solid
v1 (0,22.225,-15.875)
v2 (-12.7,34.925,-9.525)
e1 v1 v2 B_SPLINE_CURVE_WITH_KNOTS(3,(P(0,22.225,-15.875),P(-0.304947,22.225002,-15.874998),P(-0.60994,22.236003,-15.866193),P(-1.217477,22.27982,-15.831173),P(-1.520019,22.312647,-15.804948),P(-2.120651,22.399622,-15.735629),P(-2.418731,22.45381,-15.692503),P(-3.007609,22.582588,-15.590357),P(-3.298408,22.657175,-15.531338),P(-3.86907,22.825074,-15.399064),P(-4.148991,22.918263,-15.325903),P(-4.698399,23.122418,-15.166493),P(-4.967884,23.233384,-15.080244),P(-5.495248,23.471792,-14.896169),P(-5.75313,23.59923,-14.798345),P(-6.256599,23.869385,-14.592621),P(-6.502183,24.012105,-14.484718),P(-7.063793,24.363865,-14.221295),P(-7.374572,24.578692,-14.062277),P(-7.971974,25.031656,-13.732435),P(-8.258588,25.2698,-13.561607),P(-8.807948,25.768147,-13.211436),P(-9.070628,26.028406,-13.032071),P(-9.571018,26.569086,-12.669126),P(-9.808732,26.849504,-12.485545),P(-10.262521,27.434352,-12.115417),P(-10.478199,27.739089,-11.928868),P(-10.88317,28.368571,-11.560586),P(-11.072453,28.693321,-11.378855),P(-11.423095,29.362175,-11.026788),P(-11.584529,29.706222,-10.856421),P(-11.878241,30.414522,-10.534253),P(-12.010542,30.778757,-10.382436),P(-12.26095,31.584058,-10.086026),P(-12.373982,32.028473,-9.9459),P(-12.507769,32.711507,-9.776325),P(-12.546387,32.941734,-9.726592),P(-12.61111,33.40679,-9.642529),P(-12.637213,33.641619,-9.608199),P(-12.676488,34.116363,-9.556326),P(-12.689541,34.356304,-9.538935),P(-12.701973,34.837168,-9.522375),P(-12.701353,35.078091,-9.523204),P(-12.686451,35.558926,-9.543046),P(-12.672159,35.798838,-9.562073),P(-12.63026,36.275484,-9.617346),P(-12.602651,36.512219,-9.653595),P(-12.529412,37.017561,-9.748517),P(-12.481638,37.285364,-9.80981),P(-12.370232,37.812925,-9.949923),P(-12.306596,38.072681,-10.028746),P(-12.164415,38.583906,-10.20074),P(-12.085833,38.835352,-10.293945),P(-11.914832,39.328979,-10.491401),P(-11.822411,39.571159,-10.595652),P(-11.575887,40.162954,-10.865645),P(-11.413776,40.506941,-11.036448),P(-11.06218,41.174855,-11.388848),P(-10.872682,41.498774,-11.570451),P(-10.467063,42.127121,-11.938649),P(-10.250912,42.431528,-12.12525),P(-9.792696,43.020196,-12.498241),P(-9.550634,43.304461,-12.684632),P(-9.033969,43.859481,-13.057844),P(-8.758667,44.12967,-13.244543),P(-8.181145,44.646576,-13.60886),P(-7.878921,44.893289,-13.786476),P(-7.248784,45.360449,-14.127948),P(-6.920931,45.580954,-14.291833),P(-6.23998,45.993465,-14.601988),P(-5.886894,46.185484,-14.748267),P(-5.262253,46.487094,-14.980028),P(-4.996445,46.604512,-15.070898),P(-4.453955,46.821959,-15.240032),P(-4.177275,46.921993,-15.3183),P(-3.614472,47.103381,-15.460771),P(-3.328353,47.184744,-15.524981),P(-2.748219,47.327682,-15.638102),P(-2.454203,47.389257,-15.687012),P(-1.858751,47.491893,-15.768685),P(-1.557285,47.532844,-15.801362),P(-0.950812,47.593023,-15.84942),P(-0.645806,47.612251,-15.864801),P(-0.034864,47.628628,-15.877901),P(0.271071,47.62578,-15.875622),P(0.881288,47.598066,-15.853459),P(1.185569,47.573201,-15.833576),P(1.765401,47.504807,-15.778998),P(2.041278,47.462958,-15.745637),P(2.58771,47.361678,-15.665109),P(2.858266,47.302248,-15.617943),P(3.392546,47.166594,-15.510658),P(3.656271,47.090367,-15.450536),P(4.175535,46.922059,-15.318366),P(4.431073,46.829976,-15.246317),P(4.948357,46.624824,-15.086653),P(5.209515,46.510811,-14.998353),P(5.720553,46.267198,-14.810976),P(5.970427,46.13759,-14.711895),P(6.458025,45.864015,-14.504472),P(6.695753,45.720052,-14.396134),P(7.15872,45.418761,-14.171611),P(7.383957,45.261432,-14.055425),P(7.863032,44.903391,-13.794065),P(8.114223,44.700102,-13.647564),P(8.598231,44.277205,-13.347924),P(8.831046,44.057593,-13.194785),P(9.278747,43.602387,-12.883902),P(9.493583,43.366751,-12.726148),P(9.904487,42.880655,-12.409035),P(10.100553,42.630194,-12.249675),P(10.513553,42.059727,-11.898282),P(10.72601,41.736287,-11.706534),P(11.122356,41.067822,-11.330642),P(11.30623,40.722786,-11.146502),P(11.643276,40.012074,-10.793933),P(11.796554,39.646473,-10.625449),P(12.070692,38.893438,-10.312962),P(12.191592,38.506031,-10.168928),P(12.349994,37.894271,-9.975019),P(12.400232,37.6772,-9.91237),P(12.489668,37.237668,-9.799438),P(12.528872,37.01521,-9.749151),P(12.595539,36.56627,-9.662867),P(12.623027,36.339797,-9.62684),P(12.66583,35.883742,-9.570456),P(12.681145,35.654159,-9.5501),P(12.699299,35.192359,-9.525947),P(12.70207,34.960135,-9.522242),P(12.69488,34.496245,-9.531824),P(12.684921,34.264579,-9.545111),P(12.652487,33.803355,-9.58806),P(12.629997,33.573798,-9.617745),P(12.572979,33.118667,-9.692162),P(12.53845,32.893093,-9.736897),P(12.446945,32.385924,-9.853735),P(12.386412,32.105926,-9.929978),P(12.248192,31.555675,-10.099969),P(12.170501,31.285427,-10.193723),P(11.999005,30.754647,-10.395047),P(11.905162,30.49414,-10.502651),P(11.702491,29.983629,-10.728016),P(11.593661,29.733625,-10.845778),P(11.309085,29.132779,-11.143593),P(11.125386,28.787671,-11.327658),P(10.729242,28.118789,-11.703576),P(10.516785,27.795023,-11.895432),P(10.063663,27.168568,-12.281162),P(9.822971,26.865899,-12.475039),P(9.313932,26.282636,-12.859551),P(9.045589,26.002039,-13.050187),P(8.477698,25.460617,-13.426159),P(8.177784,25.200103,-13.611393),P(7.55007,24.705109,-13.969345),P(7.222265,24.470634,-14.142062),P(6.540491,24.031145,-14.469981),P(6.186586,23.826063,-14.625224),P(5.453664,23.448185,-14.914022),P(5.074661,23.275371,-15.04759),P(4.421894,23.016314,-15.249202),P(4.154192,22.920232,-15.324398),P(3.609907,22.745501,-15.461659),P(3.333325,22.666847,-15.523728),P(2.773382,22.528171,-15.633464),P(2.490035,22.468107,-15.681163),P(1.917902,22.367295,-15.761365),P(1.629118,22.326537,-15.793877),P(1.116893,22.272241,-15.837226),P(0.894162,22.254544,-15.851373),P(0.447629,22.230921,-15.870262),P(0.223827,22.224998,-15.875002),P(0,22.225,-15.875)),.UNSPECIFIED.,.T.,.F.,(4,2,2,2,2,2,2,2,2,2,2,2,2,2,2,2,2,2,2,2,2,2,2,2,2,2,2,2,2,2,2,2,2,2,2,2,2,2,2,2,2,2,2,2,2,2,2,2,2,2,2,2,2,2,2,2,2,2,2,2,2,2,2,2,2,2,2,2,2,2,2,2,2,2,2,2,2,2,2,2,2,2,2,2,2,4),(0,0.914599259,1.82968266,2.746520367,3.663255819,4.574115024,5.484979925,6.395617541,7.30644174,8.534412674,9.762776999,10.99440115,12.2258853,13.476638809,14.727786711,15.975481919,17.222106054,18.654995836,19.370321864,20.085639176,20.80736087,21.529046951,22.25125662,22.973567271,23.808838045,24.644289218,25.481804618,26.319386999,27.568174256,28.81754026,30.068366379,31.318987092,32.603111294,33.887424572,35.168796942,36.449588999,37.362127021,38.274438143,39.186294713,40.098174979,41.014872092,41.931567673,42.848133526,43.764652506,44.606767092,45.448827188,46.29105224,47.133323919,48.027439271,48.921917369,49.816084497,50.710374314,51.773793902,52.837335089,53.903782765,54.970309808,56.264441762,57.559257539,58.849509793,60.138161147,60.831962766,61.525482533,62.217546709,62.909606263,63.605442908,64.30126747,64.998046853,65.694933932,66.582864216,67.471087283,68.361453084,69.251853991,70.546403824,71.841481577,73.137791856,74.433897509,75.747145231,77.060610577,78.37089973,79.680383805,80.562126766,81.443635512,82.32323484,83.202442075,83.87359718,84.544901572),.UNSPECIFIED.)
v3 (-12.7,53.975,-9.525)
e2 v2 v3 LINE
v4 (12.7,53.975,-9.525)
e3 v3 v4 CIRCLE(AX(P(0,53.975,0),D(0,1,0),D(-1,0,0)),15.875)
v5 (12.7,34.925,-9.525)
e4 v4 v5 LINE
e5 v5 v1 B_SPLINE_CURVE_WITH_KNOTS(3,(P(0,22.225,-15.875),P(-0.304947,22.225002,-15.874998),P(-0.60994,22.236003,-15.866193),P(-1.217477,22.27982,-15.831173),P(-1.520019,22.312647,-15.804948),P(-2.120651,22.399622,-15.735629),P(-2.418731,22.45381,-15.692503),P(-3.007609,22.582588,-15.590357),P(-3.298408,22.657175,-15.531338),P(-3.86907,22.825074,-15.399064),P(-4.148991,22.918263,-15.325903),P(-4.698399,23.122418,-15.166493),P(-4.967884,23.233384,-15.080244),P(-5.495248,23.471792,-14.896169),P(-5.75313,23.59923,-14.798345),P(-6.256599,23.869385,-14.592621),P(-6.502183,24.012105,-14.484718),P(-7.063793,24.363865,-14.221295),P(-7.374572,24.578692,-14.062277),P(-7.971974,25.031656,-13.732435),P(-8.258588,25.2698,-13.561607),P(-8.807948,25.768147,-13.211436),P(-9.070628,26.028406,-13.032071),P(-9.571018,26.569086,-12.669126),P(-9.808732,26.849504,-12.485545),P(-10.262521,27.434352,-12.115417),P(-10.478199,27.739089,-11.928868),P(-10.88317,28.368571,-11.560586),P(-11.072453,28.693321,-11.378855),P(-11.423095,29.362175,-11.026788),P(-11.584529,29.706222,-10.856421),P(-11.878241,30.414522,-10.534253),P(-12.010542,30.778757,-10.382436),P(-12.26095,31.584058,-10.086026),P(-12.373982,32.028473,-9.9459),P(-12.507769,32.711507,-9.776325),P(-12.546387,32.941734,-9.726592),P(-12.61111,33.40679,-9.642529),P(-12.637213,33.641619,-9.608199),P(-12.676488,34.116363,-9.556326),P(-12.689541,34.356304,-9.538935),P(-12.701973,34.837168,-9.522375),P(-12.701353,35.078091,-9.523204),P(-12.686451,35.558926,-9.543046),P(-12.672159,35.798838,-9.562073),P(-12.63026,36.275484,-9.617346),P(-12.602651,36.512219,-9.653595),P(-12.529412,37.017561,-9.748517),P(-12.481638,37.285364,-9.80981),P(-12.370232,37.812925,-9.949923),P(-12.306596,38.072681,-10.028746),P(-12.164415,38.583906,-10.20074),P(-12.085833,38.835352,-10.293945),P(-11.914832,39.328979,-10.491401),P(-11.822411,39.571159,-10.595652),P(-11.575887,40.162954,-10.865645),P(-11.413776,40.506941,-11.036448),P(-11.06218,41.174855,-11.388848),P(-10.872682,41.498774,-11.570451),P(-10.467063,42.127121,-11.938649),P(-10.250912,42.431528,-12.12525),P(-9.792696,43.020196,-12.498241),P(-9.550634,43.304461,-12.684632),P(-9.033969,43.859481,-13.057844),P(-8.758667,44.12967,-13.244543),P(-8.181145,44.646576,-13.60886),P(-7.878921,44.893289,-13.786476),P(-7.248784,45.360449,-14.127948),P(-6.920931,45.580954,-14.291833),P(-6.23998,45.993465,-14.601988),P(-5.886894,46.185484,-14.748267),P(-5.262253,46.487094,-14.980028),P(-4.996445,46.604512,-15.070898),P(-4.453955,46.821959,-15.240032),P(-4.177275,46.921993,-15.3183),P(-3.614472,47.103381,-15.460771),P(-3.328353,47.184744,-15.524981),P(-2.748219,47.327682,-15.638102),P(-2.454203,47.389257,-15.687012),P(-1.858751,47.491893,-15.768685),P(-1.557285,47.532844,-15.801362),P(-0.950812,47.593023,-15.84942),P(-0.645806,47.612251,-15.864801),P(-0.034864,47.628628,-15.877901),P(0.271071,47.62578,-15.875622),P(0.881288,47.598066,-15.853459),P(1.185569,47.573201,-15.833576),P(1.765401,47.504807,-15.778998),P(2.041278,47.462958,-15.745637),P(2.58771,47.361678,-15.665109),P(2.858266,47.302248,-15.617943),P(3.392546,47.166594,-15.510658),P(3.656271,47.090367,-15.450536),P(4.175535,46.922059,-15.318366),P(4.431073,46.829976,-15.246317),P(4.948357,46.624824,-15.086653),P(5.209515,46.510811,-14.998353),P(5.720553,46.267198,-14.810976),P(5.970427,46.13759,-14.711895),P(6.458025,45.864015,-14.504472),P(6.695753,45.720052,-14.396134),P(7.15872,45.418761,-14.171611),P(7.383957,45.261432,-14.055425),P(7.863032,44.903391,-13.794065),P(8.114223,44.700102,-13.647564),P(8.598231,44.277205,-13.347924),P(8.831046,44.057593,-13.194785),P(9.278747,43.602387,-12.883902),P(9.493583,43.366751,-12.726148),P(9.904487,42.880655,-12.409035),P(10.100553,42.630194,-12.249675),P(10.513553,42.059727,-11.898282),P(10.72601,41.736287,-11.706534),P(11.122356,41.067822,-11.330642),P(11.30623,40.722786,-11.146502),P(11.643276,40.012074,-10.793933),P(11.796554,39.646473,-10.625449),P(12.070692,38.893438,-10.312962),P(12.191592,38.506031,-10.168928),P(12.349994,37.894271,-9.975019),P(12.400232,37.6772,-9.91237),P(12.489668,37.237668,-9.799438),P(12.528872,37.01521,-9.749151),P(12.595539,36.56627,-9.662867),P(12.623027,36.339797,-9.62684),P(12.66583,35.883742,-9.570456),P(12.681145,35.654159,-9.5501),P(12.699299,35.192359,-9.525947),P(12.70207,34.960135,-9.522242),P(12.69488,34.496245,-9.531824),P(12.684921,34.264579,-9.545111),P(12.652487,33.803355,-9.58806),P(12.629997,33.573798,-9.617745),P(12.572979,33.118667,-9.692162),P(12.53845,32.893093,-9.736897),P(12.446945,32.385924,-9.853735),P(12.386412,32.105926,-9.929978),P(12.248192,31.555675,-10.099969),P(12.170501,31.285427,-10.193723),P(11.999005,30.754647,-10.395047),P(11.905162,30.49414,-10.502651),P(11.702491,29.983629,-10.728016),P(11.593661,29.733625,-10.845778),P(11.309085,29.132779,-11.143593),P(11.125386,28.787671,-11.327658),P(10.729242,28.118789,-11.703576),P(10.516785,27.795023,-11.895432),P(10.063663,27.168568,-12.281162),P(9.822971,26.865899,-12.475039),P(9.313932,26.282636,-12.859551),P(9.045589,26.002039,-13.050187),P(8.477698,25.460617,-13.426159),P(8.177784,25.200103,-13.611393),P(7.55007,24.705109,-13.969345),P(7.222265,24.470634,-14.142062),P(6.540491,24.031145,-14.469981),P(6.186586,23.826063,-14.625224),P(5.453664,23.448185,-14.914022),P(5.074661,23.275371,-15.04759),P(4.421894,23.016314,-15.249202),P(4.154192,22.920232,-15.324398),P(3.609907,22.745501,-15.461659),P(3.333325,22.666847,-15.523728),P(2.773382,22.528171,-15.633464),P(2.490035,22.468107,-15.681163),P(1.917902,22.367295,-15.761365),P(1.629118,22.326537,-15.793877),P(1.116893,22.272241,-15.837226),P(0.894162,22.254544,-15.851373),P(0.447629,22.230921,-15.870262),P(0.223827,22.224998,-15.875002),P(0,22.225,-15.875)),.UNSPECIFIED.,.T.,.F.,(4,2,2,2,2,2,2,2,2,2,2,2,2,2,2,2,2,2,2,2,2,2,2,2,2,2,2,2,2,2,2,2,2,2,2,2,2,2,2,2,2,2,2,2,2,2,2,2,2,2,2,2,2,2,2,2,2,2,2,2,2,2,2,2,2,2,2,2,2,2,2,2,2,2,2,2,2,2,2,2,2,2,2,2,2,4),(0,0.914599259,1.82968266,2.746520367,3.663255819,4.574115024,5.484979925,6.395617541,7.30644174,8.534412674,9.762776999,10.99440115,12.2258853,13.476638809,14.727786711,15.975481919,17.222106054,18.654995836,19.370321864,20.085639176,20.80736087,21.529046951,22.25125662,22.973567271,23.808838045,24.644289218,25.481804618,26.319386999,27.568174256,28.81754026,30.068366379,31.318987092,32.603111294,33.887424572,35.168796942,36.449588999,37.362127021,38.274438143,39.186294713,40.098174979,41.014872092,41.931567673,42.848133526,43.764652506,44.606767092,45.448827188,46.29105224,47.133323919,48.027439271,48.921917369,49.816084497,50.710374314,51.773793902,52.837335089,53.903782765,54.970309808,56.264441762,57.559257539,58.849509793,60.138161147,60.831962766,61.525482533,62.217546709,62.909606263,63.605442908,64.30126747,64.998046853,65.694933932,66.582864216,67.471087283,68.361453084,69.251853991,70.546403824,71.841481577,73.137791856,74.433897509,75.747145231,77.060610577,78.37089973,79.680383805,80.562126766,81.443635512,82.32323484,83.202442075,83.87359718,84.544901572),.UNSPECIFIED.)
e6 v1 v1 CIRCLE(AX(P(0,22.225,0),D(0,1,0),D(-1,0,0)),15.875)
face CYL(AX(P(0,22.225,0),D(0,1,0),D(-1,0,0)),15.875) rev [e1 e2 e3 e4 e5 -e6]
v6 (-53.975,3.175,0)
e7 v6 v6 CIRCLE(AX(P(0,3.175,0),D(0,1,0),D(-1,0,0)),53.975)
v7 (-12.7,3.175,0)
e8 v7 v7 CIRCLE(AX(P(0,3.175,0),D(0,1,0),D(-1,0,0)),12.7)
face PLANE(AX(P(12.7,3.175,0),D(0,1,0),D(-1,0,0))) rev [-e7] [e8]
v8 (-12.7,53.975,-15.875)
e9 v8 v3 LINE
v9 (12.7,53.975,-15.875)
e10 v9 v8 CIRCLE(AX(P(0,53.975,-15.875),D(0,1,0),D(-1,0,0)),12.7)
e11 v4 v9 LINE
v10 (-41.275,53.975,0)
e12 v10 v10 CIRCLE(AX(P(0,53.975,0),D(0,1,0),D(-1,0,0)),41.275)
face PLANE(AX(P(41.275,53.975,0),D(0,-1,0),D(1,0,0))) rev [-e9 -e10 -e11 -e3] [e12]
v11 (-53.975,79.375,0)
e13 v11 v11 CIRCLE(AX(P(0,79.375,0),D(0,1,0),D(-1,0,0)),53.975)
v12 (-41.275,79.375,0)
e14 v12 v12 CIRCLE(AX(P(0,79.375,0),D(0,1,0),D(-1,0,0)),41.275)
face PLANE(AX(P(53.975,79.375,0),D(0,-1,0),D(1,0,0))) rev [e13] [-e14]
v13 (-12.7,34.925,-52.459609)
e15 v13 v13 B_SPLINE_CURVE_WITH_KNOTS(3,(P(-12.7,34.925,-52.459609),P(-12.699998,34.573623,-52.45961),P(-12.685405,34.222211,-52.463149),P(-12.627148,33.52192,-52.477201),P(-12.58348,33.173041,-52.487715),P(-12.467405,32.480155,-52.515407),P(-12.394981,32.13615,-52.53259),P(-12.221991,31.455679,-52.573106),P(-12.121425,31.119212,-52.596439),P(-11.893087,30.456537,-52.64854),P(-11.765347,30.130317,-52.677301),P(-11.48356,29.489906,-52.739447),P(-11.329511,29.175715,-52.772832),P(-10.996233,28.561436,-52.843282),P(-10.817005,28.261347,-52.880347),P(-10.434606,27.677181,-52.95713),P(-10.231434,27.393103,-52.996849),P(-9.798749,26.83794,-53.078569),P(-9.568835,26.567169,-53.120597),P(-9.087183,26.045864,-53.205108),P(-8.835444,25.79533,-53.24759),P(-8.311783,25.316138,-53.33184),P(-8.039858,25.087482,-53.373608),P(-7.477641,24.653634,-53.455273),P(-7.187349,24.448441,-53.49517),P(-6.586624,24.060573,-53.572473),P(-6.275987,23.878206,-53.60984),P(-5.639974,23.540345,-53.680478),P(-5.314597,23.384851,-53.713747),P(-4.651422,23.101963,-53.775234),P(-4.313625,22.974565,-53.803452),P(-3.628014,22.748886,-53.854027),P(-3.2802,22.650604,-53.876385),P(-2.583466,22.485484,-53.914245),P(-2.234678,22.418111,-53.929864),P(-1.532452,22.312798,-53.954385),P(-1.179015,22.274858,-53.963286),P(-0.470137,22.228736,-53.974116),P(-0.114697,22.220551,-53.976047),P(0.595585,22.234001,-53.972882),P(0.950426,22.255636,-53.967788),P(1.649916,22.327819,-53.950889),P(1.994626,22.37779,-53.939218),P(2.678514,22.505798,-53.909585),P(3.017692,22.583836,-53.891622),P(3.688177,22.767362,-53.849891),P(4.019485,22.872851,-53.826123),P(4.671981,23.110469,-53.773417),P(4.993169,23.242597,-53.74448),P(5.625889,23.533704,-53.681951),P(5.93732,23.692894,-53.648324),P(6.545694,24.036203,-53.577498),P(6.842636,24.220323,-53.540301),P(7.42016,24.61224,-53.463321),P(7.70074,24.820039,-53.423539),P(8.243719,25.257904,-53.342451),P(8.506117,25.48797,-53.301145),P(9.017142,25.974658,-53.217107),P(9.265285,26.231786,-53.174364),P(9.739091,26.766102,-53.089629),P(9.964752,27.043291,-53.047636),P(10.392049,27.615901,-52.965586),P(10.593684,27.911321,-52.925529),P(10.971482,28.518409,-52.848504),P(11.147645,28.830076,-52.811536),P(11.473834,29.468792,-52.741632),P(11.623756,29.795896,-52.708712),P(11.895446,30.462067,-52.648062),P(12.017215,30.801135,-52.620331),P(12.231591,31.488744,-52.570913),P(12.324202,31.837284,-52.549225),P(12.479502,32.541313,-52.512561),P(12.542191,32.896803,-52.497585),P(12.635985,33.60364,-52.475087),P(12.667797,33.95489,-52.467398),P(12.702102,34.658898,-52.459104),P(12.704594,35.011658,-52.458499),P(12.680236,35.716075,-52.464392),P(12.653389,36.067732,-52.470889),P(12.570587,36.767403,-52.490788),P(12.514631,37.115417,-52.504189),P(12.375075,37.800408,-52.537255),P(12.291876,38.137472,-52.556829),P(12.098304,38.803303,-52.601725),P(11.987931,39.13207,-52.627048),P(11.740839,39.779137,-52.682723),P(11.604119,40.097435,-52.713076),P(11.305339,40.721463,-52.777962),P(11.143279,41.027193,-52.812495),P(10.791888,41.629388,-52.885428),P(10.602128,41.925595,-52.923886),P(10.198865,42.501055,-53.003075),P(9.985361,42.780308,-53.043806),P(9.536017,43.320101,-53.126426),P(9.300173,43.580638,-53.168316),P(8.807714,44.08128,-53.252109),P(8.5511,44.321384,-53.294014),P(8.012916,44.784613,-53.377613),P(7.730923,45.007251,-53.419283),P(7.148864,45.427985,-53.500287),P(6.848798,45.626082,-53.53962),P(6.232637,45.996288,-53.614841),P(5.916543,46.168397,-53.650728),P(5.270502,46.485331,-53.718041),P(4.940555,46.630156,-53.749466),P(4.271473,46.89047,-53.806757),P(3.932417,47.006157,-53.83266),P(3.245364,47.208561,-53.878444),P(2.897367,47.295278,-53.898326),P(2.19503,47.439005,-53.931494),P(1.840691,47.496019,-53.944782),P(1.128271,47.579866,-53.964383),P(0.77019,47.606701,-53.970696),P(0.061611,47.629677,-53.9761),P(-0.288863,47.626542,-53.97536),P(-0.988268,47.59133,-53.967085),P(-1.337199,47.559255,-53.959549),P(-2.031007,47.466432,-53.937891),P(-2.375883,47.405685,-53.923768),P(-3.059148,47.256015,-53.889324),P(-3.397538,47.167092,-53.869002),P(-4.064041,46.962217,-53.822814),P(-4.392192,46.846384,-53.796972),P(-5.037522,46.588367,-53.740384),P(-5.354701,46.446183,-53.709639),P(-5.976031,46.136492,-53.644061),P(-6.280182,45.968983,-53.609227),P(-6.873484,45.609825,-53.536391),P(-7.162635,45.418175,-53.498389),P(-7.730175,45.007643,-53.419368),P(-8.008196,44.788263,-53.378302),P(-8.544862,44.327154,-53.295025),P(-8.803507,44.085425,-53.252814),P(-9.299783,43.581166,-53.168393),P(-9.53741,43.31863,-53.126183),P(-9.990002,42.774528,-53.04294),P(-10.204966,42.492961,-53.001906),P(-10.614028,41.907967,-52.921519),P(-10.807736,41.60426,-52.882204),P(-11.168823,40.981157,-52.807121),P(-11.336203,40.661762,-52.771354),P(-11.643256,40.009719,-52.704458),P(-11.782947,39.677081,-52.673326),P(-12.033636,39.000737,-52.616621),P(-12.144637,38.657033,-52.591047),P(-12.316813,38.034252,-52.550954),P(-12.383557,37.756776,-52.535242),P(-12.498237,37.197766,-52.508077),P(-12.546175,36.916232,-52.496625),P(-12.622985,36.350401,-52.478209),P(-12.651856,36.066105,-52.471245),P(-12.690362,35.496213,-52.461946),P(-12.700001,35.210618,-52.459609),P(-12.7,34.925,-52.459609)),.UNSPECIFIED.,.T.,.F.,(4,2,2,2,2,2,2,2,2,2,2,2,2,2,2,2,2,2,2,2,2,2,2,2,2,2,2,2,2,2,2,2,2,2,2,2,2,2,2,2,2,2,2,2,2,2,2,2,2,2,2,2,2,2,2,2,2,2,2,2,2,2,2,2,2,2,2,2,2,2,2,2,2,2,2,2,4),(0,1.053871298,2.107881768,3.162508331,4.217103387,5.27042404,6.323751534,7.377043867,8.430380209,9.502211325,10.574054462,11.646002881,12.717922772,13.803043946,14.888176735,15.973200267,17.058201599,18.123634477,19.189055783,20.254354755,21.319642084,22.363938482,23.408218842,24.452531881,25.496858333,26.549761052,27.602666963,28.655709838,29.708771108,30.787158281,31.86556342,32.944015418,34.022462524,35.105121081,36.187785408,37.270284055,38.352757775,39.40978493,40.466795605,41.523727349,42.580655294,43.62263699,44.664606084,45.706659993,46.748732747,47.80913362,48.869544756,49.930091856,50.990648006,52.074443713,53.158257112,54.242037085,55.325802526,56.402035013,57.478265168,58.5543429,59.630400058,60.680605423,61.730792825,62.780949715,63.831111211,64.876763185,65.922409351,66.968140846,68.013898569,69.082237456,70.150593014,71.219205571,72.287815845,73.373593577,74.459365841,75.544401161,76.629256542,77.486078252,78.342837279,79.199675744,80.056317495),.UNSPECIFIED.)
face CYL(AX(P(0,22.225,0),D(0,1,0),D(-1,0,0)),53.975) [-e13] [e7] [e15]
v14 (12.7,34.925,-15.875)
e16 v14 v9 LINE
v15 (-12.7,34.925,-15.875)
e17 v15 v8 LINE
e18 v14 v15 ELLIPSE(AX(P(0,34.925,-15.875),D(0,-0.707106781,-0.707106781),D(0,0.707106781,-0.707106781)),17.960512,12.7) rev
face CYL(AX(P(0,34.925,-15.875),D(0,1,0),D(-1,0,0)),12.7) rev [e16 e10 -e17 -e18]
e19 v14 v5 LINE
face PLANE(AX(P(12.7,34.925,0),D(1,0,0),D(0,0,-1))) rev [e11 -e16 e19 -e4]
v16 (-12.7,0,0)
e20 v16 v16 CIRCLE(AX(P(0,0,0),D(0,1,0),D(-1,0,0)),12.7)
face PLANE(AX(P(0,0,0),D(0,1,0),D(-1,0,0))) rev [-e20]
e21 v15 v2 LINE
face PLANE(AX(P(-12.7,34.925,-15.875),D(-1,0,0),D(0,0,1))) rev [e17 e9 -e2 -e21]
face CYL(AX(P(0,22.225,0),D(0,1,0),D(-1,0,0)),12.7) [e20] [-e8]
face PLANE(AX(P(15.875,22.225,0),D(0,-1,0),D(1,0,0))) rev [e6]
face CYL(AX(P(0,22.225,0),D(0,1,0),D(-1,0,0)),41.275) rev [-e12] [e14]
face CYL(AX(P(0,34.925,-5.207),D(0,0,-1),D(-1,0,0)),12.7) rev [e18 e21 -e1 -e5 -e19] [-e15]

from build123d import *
from build123d.topology import SkipClean

# Parameters (mm, degrees)
SKETCH3_R          = 12.7
CUT_EXTRUDE1_DEPTH = 48.768
CUT_EXTRUDE2_DEPTH = 19.05


with BuildPart() as part:
    # Sketch1 → Revolve1 (revolve)
    with BuildSketch(Plane.XY, mode=Mode.PRIVATE) as revolve1_sk:
        Polygon((0, 0), (12.7, 0), (12.7, 3.175), (53.975, 3.175), (53.975, 79.375), (41.275, 79.375), (41.275, 53.975), (15.875, 53.975), (15.875, 22.225), (0, 22.225), align=None)
    revolve(revolve1_sk.sketch.rotate(Axis((0, 22.225, 0), (0, -1, 0)), 180), axis=Axis((0, 22.225, 0), (0, -1, 0)))

    # Sketch3 → Cut-Extrude1 (cut)
    with BuildSketch(Plane(origin=(0, 0, -53.975), x_dir=(-1, 0, 0), z_dir=(0, 0, -1))):
        with Locations((0, 34.925)):
            Circle(SKETCH3_R)
    extrude(amount=-CUT_EXTRUDE1_DEPTH, mode=Mode.SUBTRACT)

    # Sketch4 → Cut-Extrude2 (cut)
    with SkipClean():  # the faces are left unmerged after this step: merging them gives an invalid solid
        with BuildSketch(Plane(origin=(0, 53.975, 0), x_dir=(1, 0, 0), z_dir=(0, 1, 0))):
            with BuildLine():
                Line((-12.7, 15.875), (-12.7, 0))
                Line((-12.7, 0), (12.7, 0))
                Line((12.7, 0), (12.7, 15.875))
                ThreePointArc((12.7, 15.875), (0, 28.575), (-12.7, 15.875))
            make_face()
        extrude(amount=-CUT_EXTRUDE2_DEPTH, mode=Mode.SUBTRACT)


solid = part.part
